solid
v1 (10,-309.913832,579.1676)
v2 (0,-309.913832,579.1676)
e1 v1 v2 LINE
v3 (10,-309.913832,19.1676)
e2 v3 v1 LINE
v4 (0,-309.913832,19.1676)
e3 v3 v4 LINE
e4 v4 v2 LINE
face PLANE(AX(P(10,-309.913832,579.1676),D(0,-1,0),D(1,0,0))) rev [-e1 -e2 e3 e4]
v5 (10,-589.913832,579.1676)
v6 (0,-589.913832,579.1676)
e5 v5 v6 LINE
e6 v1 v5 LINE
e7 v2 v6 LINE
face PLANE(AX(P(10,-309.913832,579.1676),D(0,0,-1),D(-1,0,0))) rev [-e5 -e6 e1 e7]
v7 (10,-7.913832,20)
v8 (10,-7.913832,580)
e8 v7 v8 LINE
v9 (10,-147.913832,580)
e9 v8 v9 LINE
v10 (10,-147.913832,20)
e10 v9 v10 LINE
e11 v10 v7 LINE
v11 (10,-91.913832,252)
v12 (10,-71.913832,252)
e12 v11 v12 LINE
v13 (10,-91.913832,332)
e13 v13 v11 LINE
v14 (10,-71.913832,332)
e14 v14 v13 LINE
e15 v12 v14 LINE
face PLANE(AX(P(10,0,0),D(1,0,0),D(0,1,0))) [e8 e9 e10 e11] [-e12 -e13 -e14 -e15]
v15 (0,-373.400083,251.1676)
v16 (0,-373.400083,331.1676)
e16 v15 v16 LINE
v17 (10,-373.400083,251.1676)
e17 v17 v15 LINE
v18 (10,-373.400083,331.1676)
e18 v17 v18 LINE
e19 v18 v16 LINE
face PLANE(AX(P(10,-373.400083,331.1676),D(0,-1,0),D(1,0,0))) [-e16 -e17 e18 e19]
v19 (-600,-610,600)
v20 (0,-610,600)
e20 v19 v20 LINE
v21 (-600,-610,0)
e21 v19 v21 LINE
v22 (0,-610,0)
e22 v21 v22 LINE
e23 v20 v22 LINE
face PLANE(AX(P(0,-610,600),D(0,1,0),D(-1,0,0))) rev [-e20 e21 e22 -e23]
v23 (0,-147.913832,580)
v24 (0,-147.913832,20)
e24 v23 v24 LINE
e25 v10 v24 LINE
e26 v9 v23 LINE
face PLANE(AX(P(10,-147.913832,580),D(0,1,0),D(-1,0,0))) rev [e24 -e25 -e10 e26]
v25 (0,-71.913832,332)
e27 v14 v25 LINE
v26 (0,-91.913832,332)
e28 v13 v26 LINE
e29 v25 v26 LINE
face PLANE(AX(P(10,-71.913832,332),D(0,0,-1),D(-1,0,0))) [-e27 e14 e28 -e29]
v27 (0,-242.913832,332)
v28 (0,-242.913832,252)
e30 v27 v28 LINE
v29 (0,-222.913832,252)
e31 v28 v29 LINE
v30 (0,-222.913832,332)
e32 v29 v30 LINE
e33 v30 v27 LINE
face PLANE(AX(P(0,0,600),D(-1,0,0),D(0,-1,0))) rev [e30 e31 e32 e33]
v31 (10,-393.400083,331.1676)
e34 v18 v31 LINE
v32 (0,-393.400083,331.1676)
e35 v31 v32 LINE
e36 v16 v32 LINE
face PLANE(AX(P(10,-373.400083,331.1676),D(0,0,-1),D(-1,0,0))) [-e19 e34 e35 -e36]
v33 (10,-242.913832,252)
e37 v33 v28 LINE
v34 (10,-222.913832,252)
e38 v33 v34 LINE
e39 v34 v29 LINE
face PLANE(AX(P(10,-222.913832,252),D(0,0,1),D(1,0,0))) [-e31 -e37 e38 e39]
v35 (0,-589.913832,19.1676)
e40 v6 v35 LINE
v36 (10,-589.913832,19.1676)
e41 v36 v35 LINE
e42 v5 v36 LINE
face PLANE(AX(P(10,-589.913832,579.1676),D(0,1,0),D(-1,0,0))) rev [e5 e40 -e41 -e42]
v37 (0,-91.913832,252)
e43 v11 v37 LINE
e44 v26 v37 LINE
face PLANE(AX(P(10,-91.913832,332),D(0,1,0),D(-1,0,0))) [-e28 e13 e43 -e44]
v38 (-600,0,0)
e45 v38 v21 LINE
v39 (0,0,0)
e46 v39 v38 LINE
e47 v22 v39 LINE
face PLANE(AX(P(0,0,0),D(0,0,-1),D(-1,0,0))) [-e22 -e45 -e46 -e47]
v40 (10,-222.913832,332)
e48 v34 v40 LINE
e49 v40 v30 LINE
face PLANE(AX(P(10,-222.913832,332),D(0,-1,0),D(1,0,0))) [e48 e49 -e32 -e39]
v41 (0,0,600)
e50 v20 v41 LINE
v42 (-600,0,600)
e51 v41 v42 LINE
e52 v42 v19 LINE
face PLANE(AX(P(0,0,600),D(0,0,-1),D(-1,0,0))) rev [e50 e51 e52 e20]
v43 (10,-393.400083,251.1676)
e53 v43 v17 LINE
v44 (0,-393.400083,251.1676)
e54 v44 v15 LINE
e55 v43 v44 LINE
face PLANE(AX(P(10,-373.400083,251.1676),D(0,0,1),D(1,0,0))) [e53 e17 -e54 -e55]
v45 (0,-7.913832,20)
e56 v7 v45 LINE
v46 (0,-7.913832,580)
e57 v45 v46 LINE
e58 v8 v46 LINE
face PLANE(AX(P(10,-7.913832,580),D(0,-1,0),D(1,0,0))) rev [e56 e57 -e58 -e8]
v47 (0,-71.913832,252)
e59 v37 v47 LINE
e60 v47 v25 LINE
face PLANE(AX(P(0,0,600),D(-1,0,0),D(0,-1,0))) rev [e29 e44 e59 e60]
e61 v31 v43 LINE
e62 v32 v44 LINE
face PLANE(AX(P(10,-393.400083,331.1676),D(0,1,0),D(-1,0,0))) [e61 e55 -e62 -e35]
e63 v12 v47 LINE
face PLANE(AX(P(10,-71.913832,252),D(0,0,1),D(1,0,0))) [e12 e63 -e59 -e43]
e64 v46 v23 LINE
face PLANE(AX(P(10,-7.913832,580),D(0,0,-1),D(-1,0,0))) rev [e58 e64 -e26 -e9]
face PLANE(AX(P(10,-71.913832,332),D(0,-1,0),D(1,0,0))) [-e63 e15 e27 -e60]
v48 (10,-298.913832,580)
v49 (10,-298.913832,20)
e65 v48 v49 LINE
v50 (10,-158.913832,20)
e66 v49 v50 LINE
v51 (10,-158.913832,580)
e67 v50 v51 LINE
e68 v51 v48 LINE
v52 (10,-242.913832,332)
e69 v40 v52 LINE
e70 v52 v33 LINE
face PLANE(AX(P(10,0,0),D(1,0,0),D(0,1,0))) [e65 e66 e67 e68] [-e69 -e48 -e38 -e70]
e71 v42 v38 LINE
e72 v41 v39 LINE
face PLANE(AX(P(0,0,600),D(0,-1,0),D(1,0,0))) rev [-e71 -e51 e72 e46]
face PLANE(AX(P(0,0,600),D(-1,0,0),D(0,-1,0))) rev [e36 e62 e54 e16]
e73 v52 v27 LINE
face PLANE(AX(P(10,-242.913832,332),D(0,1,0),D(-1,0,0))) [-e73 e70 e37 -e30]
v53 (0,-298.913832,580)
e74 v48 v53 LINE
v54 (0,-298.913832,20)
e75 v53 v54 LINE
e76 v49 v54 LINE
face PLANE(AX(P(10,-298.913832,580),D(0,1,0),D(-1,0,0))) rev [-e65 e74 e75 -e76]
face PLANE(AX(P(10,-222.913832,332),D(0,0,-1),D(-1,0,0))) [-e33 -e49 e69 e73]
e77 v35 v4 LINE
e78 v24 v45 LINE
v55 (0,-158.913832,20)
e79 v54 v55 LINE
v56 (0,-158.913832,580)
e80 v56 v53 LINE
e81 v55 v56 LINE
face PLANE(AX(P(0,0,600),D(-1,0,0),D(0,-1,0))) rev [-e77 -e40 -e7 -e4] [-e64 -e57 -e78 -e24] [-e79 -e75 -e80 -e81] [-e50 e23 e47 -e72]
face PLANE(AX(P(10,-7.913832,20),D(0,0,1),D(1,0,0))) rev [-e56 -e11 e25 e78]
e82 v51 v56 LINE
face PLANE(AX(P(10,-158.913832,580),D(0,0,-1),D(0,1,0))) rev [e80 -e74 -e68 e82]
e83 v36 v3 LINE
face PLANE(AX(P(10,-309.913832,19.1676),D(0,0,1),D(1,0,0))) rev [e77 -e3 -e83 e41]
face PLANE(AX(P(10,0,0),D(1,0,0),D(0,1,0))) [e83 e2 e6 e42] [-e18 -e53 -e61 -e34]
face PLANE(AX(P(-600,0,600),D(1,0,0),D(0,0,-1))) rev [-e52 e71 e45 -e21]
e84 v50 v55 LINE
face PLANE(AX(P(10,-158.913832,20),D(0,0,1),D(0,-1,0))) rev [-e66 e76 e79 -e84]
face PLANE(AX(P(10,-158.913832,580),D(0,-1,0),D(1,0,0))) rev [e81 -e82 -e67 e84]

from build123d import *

# Parameters (mm, degrees)
SKETCH1_W           = 600
SKETCH1_H           = 610
BOSS_EXTRUDE1_DEPTH = 600
SKETCH2_W           = 560
SKETCH2_H           = 140
SKETCH2_W_2         = 80
SKETCH2_H_2         = 20
SKETCH2_H_3         = 280
BOSS_EXTRUDE2_DEPTH = 10


with BuildPart() as part:
    # Sketch1 → Boss-Extrude1 (new body)
    with BuildSketch(Plane.XY):
        with Locations((-300, -305)):
            Rectangle(SKETCH1_W, SKETCH1_H)
    extrude(amount=BOSS_EXTRUDE1_DEPTH)

    # Sketch2 → Boss-Extrude2 (add)
    with BuildSketch(Plane(origin=(0, 0, 0), x_dir=(0, 0, -1), z_dir=(1, 0, 0))):
        with Locations((-300, -77.913832036)):
            Rectangle(SKETCH2_W, SKETCH2_H)
        with Locations((-292, -81.913832036)):
            Rectangle(SKETCH2_W_2, SKETCH2_H_2, mode=Mode.SUBTRACT)
        with Locations((-300, -228.913832036)):
            Rectangle(SKETCH2_W, SKETCH2_H)
        with Locations((-292, -232.913832036)):
            Rectangle(SKETCH2_W_2, SKETCH2_H_2, mode=Mode.SUBTRACT)
        with Locations((-299.167600113, -449.913832036)):
            Rectangle(SKETCH2_W, SKETCH2_H_3)
        with Locations((-291.167600113, -383.400082601)):
            Rectangle(SKETCH2_W_2, SKETCH2_H_2, mode=Mode.SUBTRACT)
    extrude(amount=BOSS_EXTRUDE2_DEPTH)


solid = part.part
